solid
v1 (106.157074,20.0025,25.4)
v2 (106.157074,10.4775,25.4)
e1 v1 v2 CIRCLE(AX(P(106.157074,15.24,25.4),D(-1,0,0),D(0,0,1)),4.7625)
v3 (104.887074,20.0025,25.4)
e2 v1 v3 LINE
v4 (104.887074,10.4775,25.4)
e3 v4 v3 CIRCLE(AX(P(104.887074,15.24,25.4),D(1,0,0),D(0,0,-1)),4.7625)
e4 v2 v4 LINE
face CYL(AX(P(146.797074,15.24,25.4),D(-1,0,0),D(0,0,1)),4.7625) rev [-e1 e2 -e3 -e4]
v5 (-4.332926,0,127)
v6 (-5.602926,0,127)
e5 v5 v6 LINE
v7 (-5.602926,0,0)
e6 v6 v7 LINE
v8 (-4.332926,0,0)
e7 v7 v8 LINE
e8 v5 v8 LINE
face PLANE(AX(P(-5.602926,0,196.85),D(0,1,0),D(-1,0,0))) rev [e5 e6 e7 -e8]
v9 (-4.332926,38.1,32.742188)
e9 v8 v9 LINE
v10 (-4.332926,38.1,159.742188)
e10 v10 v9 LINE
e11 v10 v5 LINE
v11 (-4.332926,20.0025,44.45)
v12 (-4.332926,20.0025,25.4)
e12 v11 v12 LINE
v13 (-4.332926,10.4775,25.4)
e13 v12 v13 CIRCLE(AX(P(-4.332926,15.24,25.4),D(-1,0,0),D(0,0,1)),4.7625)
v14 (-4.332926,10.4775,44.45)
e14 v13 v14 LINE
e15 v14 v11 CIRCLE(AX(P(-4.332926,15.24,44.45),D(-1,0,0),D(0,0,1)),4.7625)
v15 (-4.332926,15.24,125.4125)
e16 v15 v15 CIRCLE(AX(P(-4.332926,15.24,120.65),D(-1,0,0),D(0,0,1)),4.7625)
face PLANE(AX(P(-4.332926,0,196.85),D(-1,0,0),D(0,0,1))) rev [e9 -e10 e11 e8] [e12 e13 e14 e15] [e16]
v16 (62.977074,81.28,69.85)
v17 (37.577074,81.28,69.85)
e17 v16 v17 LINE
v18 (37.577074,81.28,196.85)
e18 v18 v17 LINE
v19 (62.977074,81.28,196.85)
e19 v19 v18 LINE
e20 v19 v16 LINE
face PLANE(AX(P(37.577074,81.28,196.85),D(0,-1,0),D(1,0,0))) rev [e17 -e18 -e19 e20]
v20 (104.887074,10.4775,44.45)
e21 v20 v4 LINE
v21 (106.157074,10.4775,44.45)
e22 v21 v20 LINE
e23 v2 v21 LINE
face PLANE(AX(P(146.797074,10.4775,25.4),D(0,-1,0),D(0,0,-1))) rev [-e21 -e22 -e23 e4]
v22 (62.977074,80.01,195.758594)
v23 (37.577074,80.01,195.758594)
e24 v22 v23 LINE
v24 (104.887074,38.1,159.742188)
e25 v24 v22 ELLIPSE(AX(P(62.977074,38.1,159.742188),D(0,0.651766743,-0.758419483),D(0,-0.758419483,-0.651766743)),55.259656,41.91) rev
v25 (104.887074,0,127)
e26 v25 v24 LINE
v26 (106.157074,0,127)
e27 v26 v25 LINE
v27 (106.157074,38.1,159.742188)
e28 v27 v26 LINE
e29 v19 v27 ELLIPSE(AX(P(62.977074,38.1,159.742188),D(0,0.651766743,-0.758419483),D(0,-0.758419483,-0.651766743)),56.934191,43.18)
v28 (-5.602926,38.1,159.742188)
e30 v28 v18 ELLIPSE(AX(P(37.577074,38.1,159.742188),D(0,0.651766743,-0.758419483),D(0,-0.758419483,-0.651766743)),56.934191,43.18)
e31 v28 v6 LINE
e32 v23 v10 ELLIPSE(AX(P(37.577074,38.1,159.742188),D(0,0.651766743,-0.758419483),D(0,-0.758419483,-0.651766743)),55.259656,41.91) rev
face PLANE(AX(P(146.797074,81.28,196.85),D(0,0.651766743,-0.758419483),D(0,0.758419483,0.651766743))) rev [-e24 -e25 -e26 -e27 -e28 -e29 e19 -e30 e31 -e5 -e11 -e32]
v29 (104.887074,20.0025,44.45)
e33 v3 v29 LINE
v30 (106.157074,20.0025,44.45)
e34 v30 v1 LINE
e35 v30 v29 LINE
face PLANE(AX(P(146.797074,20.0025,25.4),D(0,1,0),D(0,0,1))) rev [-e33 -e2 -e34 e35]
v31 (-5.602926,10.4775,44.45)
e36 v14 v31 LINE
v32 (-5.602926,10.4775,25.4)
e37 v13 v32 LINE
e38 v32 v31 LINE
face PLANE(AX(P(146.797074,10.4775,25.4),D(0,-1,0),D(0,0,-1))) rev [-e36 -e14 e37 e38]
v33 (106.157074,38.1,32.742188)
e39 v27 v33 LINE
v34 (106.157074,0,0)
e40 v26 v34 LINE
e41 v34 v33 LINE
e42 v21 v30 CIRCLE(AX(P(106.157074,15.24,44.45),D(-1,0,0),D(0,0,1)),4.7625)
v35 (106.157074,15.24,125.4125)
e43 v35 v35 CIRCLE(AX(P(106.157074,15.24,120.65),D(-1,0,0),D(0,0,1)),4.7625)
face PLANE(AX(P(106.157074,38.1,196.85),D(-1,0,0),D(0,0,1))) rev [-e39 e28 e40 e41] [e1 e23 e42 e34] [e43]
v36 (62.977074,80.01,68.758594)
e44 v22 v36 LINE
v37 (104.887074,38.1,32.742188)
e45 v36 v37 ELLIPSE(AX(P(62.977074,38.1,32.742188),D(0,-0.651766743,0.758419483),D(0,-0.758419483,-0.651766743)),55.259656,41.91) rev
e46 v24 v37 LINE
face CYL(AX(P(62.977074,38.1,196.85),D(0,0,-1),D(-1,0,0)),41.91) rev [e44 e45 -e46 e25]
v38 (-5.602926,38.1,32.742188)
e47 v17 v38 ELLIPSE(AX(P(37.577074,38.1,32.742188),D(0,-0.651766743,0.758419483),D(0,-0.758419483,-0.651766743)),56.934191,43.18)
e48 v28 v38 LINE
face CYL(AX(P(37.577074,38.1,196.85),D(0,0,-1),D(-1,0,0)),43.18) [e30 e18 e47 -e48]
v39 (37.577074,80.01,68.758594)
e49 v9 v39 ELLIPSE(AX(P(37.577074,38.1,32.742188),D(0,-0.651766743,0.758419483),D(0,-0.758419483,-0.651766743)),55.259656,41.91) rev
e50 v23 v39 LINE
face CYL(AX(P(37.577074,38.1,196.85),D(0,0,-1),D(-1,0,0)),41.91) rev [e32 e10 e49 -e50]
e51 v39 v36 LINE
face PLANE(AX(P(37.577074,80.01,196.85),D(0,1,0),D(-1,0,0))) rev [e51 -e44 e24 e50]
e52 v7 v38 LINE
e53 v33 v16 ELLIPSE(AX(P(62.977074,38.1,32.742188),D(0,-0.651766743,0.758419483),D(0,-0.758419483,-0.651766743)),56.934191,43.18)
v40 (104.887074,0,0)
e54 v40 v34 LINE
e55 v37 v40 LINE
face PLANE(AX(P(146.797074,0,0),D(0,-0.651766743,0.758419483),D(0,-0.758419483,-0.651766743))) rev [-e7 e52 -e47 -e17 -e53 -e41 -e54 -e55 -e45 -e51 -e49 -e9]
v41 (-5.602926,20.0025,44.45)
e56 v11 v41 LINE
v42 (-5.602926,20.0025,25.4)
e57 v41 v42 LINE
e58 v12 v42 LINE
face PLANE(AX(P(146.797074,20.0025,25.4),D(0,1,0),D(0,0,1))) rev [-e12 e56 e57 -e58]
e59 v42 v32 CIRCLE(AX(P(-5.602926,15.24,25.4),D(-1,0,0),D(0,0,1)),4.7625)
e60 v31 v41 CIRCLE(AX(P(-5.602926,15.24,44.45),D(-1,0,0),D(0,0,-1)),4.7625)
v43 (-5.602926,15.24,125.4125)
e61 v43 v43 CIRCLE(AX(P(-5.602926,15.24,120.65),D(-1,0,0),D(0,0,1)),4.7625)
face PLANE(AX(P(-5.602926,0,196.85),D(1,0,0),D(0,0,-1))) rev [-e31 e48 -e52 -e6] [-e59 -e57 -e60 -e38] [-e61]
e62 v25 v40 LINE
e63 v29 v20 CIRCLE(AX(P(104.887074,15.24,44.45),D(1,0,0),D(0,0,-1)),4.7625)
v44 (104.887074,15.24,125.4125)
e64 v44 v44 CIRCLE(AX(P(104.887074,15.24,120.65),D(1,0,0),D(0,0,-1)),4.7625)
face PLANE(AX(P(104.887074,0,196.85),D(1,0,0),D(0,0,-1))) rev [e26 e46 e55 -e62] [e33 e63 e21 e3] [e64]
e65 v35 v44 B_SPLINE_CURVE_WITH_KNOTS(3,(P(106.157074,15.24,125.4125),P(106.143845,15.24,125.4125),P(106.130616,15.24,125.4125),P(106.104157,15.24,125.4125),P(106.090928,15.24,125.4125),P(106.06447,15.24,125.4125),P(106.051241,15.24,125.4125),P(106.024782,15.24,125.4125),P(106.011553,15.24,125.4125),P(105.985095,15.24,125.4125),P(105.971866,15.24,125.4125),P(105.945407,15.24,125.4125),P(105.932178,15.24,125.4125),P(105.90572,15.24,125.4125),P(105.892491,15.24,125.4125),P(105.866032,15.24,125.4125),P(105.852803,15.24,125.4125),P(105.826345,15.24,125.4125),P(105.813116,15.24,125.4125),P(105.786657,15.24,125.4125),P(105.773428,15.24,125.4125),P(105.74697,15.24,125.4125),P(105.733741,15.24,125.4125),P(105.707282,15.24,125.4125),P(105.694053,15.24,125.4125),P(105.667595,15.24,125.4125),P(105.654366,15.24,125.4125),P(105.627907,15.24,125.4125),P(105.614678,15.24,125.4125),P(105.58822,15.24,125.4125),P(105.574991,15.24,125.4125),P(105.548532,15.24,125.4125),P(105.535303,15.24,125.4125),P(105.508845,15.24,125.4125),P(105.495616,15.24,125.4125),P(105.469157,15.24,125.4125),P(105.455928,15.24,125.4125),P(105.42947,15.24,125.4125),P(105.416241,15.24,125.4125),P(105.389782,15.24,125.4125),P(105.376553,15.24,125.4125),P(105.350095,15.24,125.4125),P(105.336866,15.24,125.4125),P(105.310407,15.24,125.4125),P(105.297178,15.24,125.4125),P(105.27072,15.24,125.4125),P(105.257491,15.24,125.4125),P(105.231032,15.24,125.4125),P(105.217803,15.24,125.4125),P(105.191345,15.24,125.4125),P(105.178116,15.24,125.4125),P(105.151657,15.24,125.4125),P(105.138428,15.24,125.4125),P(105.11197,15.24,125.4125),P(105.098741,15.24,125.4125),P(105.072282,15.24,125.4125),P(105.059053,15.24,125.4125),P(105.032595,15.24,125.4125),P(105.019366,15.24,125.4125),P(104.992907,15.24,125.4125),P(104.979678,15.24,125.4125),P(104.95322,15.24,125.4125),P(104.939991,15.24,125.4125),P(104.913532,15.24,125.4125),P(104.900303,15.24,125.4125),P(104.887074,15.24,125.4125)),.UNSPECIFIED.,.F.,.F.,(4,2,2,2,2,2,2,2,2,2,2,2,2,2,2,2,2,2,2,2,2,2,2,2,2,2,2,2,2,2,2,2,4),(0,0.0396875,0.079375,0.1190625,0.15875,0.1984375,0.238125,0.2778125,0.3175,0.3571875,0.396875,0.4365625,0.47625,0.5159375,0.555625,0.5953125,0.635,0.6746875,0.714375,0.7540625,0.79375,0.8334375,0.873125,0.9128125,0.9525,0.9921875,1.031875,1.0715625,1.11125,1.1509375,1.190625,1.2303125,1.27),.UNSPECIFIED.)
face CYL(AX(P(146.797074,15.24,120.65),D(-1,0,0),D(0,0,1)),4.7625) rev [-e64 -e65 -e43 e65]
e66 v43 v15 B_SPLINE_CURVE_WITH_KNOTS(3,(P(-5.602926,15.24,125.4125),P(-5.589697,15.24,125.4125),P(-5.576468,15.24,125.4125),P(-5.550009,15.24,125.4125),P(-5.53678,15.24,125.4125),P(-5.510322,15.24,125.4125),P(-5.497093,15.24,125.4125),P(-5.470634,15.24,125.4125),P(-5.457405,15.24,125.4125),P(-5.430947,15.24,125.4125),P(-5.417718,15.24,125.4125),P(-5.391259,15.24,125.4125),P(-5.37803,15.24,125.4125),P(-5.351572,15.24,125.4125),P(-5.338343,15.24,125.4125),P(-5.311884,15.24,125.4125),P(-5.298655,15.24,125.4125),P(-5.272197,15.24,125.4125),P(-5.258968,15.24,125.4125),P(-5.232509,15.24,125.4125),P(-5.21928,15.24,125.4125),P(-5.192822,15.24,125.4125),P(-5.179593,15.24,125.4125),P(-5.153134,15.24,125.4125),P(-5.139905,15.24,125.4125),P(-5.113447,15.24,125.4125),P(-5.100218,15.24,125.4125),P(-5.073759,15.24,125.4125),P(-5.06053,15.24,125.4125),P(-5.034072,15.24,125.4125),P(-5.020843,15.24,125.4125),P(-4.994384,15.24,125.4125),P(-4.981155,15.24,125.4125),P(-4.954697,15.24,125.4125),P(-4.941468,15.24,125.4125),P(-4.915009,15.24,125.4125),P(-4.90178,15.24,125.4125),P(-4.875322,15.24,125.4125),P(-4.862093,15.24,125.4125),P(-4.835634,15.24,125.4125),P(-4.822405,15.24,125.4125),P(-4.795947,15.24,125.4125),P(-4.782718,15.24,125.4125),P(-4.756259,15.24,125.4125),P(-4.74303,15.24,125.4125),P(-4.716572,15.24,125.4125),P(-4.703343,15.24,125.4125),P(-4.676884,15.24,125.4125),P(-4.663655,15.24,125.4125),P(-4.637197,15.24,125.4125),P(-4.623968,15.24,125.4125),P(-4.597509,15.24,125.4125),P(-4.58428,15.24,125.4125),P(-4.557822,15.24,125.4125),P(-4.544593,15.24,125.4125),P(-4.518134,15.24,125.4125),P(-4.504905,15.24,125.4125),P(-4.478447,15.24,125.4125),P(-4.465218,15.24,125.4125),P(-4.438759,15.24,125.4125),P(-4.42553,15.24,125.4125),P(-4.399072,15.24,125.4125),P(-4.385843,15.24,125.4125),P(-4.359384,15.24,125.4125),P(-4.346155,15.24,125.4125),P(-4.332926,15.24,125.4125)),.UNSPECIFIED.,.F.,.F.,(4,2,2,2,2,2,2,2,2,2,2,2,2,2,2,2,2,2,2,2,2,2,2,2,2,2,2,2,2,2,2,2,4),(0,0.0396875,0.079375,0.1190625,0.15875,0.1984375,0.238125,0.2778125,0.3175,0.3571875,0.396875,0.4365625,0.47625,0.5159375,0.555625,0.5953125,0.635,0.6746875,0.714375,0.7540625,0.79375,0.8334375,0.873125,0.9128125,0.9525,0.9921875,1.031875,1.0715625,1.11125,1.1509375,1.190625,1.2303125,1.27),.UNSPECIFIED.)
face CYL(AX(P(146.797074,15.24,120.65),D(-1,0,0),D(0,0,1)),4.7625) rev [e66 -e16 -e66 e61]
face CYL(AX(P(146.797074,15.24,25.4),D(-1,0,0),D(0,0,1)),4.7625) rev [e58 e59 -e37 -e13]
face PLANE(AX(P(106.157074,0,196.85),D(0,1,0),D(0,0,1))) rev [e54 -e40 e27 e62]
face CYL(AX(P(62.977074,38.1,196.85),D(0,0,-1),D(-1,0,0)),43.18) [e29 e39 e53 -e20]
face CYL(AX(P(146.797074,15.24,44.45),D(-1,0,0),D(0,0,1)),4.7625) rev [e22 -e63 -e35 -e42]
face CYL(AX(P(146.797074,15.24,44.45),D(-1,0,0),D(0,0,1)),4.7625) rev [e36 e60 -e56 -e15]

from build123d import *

# Parameters (mm, degrees)
BOSS_EXTRUDE1_DEPTH = 196.85
CUT_EXTRUDE1_DEPTH  = 152.4
SKETCH3_R           = 4.7625
CUT_EXTRUDE2_DEPTH  = 152.4


with BuildPart() as part:
    # Sketch1 → Boss-Extrude1 (new body)
    with BuildSketch(Plane.XY):
        with BuildLine():
            Line((-5.602925898, 0), (-4.332925898, 0))
            Line((-4.332925898, 0), (-4.332925898, 38.1))
            ThreePointArc((-4.332925898, 38.1), (7.942228903, 67.7348452), (37.577074102, 80.01))
            Line((37.577074102, 80.01), (62.977074102, 80.01))
            ThreePointArc((62.977074102, 80.01), (92.611919302, 67.7348452), (104.887074102, 38.1))
            Line((104.887074102, 38.1), (104.887074102, 0))
            Line((104.887074102, 0), (106.157074102, 0))
            Line((106.157074102, 0), (106.157074102, 38.1))
            ThreePointArc((106.157074102, 38.1), (93.509944914, 68.632870812), (62.977074102, 81.28))
            Line((62.977074102, 81.28), (37.577074102, 81.28))
            ThreePointArc((37.577074102, 81.28), (7.04420329, 68.632870812), (-5.602925898, 38.1))
            Line((-5.602925898, 38.1), (-5.602925898, 0))
        make_face()
    extrude(amount=BOSS_EXTRUDE1_DEPTH)

    # Sketch2 → Cut-Extrude1 (cut)
    with BuildSketch(Plane.ZY.offset(5.602925898)):
        Polygon((0, 0), (69.85, 81.28), (0, 81.28), align=None)
        Polygon((196.85, 81.28), (127, 0), (196.85, 0), align=None)
    extrude(amount=-CUT_EXTRUDE1_DEPTH, mode=Mode.SUBTRACT)

    # Sketch3 → Cut-Extrude2 (cut)
    with BuildSketch(Plane.ZY.offset(5.602925898)):
        with Locations((120.65, 15.24)):
            Circle(SKETCH3_R)
        with BuildLine():
            Line((25.4, 20.0025), (44.45, 20.0025))
            ThreePointArc((44.45, 20.0025), (49.2125, 15.24), (44.45, 10.4775))
            Line((44.45, 10.4775), (25.4, 10.4775))
            ThreePointArc((25.4, 10.4775), (20.6375, 15.24), (25.4, 20.0025))
        make_face()
    extrude(amount=-CUT_EXTRUDE2_DEPTH, mode=Mode.SUBTRACT)


solid = part.part
